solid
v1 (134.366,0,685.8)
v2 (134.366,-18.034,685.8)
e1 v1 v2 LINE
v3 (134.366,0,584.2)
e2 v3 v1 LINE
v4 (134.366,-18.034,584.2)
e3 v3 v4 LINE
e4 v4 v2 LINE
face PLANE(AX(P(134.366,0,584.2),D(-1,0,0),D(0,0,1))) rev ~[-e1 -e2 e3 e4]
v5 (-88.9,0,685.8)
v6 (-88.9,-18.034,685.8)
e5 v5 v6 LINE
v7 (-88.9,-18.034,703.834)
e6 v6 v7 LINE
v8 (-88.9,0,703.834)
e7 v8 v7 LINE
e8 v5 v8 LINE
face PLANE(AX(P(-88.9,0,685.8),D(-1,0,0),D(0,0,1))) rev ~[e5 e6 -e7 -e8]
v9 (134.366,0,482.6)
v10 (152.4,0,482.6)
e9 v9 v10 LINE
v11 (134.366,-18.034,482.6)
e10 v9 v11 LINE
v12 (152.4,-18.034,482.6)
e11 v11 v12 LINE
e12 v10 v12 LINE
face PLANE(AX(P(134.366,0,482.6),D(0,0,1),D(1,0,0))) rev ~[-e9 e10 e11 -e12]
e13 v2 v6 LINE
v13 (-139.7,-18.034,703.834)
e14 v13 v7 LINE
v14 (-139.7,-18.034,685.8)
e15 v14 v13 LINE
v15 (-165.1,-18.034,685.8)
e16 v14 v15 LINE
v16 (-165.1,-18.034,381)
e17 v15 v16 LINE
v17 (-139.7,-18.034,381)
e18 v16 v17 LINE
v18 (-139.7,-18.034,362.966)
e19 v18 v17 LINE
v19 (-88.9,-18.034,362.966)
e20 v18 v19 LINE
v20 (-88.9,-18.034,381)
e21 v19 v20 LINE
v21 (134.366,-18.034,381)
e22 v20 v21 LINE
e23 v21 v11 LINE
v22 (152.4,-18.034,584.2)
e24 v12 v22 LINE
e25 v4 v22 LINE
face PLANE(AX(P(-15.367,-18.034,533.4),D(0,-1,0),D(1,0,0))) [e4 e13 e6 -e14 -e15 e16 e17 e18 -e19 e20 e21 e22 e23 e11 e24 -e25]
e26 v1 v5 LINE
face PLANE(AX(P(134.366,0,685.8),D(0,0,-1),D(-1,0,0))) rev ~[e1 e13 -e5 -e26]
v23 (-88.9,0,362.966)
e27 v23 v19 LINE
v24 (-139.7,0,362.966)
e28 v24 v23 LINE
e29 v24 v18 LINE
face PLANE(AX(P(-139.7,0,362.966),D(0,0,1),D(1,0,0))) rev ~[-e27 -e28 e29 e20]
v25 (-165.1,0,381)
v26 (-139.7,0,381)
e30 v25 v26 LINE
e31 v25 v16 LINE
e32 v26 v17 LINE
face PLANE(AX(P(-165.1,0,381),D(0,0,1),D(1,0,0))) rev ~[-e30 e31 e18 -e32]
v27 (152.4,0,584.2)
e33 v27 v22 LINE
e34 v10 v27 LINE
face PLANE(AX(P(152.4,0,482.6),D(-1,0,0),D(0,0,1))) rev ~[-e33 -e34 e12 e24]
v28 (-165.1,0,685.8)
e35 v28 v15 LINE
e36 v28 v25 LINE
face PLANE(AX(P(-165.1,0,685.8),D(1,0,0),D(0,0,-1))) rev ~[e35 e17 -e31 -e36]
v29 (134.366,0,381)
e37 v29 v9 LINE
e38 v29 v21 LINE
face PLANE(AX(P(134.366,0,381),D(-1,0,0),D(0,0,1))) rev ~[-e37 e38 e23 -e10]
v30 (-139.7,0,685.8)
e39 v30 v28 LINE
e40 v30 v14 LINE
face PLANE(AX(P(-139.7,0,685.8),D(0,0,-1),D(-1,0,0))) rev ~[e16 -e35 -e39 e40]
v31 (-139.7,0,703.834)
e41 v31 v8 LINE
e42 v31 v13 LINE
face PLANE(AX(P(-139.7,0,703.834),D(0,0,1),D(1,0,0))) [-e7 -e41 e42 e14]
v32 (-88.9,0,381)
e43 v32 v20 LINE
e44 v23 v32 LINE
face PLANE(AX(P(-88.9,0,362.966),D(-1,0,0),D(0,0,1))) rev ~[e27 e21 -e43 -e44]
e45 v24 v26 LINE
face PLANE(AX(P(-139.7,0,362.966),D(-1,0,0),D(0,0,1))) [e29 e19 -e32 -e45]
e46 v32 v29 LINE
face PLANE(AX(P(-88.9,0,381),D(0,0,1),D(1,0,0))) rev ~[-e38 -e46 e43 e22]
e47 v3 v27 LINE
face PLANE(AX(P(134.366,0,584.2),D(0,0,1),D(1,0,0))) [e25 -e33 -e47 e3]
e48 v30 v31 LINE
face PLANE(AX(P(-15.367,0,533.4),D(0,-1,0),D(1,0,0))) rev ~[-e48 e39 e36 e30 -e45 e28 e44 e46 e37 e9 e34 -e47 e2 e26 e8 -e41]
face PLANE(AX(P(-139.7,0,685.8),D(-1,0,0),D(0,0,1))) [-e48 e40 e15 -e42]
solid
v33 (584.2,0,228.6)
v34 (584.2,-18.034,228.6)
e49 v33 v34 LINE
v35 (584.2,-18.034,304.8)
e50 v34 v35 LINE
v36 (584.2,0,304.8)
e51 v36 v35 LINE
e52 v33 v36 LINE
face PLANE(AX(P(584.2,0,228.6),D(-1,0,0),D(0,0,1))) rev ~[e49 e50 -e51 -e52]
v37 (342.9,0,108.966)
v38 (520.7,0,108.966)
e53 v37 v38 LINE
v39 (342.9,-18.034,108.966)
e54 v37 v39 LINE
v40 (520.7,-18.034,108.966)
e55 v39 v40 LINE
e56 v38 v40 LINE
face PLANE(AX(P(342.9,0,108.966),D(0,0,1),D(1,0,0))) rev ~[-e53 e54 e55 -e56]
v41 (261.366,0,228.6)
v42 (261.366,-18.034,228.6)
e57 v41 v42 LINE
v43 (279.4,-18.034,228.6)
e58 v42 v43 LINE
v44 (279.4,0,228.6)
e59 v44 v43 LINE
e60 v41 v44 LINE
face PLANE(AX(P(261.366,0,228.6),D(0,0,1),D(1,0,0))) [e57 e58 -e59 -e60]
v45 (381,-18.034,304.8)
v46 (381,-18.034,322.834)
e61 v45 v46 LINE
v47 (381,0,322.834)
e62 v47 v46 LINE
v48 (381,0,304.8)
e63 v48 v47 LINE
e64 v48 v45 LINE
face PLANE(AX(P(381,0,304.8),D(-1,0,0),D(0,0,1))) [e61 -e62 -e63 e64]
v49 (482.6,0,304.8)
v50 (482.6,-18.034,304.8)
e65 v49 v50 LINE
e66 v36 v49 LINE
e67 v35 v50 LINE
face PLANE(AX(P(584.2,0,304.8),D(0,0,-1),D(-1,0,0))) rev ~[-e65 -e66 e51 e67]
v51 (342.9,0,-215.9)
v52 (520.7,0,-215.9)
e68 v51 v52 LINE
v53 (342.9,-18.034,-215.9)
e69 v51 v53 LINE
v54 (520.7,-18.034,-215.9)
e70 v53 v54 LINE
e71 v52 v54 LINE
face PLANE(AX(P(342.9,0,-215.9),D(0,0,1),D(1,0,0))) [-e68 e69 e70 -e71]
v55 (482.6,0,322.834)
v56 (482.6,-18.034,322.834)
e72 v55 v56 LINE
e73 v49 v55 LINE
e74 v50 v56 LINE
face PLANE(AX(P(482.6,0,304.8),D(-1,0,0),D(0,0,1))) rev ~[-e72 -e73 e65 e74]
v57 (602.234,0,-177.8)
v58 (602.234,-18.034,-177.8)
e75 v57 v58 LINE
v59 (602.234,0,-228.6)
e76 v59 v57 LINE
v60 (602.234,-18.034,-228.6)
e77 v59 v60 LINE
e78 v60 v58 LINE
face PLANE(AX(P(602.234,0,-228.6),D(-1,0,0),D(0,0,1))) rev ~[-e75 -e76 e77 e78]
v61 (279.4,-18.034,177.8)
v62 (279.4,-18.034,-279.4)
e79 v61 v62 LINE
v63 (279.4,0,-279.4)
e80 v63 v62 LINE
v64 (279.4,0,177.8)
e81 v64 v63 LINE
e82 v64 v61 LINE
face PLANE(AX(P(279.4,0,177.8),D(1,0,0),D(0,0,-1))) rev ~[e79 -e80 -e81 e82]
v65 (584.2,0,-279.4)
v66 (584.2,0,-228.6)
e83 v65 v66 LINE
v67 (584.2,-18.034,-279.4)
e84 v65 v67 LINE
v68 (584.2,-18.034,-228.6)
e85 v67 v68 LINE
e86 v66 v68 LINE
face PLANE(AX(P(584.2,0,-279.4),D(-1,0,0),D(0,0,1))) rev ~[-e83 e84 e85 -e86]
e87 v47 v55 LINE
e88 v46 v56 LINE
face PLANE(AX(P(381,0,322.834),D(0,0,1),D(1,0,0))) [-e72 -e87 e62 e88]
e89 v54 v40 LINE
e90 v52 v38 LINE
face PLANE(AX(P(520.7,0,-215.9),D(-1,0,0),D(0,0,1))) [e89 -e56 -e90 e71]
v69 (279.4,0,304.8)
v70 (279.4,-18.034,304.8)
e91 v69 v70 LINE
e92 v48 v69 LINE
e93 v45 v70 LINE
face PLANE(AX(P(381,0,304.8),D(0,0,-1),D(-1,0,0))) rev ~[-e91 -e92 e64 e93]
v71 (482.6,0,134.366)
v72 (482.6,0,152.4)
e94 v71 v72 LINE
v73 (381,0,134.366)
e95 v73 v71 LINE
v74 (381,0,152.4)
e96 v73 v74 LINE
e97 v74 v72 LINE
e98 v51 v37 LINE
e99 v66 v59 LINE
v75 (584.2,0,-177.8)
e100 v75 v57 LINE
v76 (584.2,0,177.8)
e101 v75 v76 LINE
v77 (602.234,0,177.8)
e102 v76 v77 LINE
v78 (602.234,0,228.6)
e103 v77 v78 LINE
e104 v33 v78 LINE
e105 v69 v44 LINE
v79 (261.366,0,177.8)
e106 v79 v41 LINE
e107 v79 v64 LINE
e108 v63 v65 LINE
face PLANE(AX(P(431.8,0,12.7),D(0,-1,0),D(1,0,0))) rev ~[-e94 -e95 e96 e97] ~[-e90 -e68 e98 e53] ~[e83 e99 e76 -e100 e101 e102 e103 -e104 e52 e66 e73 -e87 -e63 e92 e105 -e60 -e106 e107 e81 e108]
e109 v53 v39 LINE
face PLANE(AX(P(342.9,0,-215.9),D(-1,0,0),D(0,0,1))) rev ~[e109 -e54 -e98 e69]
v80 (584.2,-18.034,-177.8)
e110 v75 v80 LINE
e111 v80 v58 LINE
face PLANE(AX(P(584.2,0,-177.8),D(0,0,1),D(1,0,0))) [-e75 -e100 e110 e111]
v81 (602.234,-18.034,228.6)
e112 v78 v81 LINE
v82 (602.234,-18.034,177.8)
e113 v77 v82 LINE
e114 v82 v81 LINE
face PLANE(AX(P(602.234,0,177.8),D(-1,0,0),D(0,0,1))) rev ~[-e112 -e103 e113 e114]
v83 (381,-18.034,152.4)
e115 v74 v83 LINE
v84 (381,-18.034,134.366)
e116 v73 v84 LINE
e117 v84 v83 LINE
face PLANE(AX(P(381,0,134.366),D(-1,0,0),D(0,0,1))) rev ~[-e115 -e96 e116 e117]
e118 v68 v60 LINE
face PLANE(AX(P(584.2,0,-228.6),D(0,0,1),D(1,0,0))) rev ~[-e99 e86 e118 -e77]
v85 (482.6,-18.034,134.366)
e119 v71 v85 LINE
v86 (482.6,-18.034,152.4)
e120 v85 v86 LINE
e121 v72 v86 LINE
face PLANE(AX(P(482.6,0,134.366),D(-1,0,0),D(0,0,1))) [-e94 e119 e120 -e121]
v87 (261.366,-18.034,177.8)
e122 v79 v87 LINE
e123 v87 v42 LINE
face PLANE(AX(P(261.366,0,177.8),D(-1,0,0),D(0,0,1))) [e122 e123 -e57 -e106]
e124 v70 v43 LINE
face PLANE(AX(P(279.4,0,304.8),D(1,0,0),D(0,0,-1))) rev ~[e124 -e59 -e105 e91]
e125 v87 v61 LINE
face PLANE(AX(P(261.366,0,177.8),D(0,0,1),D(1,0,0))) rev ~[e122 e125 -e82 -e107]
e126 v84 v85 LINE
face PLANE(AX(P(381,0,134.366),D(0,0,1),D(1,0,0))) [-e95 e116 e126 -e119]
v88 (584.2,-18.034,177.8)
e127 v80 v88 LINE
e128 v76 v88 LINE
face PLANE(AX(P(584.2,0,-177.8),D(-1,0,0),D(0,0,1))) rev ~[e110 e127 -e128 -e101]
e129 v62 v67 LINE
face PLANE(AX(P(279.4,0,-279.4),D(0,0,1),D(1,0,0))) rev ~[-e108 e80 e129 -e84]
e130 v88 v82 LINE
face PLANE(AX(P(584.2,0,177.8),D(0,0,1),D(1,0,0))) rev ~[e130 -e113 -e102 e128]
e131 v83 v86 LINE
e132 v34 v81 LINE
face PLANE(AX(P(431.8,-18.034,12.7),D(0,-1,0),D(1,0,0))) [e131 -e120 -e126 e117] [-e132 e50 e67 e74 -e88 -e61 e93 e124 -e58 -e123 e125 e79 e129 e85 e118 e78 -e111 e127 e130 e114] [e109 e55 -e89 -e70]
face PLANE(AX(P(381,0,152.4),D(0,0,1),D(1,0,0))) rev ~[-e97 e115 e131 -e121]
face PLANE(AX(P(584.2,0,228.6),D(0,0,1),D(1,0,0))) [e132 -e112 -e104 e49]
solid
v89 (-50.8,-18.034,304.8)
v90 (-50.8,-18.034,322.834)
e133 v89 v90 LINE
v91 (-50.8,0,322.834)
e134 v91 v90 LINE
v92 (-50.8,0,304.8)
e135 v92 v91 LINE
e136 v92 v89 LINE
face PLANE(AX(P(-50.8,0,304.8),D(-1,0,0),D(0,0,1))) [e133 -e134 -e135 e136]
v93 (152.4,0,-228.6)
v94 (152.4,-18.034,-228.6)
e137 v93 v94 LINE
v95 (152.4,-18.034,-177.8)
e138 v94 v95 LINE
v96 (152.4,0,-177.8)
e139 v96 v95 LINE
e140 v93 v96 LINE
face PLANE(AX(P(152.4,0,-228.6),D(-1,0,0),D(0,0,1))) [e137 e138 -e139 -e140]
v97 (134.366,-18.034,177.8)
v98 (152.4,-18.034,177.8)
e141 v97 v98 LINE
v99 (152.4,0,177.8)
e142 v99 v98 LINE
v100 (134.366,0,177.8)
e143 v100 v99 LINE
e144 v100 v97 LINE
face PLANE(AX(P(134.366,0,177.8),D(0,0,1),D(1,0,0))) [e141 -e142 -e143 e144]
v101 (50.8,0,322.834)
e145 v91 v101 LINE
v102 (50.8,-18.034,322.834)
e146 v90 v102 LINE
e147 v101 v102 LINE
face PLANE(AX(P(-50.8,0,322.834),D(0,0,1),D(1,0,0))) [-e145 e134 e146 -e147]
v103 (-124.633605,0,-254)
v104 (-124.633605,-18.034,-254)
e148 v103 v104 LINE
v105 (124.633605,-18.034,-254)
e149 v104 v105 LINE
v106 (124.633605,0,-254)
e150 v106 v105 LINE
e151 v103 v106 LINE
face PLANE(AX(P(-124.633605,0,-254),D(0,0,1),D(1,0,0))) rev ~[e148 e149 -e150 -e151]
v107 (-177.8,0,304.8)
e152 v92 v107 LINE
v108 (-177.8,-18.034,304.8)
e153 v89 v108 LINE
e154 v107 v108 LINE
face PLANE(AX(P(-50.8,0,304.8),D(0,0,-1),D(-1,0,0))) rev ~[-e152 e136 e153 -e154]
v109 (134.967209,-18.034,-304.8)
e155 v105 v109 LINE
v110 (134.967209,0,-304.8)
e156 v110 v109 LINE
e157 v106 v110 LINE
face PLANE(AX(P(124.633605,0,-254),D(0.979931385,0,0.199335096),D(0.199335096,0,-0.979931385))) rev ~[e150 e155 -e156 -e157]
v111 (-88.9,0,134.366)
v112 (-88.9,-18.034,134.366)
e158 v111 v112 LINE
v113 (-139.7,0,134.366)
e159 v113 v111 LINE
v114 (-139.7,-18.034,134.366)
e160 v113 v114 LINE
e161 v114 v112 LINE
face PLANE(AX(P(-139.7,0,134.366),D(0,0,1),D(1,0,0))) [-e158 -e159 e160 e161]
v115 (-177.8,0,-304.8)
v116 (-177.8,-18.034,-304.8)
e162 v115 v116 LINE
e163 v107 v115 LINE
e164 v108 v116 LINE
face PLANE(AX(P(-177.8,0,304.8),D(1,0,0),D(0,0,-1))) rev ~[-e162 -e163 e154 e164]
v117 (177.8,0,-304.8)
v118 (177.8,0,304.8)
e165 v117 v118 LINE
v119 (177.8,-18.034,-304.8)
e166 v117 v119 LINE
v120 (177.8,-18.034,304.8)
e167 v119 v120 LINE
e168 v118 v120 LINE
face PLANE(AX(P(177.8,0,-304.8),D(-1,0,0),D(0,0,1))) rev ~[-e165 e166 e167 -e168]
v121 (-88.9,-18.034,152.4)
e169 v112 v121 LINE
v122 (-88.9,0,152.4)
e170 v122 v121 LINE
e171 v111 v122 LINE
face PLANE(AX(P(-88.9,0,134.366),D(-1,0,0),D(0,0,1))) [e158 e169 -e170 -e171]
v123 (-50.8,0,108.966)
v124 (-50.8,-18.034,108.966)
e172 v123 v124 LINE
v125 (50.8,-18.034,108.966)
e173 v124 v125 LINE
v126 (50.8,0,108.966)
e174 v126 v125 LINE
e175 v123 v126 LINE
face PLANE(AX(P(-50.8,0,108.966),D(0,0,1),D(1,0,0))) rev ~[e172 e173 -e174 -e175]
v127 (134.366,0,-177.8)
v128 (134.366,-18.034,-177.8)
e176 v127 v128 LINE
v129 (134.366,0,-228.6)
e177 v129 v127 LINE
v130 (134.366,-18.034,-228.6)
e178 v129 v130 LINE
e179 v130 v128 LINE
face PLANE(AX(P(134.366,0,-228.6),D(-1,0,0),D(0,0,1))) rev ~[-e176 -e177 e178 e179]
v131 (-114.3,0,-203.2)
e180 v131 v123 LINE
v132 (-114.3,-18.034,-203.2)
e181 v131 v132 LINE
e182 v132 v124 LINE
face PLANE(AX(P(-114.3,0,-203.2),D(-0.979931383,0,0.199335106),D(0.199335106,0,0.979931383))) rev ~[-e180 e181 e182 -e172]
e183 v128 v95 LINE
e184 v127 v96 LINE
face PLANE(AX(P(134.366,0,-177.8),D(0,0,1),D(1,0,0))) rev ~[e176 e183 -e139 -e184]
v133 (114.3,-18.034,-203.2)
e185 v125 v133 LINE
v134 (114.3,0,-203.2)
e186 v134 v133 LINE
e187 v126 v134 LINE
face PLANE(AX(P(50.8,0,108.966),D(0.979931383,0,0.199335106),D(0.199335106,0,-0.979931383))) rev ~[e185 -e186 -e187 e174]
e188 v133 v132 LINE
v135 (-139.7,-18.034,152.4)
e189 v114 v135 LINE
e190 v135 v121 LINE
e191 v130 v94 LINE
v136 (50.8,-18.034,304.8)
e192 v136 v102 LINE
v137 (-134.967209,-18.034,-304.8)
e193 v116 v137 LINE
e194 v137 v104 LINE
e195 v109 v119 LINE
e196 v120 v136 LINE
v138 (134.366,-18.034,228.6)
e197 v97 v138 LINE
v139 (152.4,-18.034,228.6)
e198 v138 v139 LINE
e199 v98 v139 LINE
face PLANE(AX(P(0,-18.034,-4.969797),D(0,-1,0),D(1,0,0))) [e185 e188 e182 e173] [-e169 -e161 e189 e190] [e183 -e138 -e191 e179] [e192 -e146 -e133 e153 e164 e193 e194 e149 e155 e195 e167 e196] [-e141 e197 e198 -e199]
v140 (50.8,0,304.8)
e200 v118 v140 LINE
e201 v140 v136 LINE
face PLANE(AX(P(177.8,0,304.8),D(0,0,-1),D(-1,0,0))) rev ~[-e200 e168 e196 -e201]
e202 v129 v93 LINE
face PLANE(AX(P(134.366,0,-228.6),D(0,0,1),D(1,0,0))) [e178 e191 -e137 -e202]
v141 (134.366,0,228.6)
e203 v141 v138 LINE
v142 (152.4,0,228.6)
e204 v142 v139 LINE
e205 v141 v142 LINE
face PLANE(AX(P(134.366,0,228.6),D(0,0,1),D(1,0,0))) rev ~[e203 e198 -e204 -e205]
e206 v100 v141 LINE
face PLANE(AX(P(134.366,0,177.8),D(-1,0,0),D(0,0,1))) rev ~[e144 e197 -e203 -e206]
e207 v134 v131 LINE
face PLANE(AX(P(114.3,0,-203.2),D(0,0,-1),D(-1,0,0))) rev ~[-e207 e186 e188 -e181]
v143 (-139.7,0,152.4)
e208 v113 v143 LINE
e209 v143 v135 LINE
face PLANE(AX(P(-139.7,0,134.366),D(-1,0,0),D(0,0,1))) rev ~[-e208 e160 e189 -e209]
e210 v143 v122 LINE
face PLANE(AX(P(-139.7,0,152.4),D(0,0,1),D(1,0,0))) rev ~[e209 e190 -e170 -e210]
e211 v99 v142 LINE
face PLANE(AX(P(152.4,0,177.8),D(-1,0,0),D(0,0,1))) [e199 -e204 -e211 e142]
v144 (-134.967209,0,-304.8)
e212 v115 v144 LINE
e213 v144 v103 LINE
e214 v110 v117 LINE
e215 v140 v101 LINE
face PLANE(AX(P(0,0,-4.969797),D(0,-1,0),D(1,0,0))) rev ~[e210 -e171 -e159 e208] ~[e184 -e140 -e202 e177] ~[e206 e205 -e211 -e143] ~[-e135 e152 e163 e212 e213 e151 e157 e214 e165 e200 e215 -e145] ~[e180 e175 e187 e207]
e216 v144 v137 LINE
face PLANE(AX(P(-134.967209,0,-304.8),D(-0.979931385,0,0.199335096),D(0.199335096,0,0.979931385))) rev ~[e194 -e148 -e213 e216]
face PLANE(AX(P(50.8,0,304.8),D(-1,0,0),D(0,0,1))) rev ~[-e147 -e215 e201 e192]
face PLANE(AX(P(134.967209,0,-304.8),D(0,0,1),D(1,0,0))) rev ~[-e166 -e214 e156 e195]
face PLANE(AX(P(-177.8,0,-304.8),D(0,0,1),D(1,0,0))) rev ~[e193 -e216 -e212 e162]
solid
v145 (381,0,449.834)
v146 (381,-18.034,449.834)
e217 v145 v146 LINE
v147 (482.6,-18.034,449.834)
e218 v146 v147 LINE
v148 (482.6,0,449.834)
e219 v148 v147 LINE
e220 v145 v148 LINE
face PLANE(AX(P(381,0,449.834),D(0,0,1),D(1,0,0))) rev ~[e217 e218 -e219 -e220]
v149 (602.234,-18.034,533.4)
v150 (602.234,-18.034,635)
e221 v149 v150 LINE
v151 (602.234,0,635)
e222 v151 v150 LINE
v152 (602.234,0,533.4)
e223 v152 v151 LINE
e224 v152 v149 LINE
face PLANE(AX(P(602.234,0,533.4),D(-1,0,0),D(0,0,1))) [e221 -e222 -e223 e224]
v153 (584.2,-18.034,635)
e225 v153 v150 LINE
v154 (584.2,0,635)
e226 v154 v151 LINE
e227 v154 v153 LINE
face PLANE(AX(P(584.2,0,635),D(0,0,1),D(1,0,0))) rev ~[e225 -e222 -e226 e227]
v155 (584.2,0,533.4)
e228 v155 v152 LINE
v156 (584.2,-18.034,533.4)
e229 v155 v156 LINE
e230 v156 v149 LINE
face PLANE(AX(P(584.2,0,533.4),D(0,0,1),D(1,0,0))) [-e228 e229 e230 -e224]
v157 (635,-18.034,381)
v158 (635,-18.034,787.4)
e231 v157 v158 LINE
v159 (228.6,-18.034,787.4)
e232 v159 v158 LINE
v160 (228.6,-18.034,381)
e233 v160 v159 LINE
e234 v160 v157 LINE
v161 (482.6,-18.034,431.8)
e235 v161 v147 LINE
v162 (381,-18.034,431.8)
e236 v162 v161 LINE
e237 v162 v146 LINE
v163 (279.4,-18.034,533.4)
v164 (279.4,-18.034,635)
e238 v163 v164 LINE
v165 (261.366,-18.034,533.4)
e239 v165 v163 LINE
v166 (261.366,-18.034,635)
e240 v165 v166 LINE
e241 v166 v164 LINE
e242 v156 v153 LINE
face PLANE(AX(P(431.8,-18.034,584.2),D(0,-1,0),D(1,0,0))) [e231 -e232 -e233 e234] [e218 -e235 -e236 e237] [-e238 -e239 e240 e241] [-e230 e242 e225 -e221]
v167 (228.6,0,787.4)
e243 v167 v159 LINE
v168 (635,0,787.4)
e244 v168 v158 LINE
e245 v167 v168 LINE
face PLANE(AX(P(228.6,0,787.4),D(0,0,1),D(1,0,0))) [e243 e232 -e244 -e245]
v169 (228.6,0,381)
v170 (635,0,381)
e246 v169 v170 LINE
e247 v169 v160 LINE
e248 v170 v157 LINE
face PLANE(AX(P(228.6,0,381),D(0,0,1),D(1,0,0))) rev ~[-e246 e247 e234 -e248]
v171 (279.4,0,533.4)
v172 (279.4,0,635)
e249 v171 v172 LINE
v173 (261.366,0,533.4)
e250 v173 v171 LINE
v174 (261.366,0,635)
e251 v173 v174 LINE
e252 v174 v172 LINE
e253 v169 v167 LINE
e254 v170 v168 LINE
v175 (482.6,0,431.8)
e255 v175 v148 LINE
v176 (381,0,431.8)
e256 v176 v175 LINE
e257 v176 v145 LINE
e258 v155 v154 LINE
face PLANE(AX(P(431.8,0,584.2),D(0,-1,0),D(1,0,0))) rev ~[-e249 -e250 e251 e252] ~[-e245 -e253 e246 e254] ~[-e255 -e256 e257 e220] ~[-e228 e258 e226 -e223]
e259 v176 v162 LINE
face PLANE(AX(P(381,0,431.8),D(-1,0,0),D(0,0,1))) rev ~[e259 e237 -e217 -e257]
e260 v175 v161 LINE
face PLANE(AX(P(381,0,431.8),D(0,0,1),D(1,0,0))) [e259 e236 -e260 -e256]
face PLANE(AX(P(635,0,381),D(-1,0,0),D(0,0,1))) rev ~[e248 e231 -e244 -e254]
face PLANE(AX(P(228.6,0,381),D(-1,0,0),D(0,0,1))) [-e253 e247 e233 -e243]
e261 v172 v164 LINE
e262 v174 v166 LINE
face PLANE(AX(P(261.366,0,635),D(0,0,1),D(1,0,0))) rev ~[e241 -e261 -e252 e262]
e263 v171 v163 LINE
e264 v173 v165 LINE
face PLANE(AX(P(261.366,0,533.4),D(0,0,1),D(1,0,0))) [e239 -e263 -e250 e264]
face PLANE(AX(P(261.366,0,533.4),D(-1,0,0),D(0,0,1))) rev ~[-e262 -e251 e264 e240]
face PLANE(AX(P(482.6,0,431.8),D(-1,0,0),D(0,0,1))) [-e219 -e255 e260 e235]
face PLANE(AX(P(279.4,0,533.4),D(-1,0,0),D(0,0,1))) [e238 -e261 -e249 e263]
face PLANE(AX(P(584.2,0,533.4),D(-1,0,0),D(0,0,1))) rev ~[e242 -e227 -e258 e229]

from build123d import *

# Parameters (mm, degrees)
F0_W     = 50.8
F0_H     = 18.034
F0_W_2   = 18.034
F0_H_2   = 101.6
F0_W_3   = 406.4
F0_H_3   = 406.4
F0_W_4   = 101.6
F0_W_5   = 177.8
F0_H_4   = 324.866
F0_H_5   = 50.8
F1_DEPTH = 18.034


with BuildPart() as f1:
    # F0 (on Front) → F1 (new body)
    with BuildSketch(Plane.XZ):
        Polygon((-88.9, 381), (134.366, 381), (134.366, 482.6), (134.366, 584.2), (134.366, 685.8), (-88.9, 685.8), (-139.7, 685.8), (-165.1, 685.8), (-165.1, 381), (-139.7, 381), align=None)
        with Locations((-114.3, 694.817)):
            Rectangle(F0_W, F0_H)
        with Locations((-114.3, 371.983)):
            Rectangle(F0_W, F0_H)
        with Locations((143.383, 533.4)):
            Rectangle(F0_W_2, F0_H_2)
        with Locations((431.8, 584.2)):
            Rectangle(F0_W_3, F0_H_3)
        with Locations((431.8, 440.817)):
            Rectangle(F0_W_4, F0_H, mode=Mode.SUBTRACT)
        with Locations((270.383, 584.2)):
            Rectangle(F0_W_2, F0_H_2, mode=Mode.SUBTRACT)
        with Locations((593.217, 584.2)):
            Rectangle(F0_W_2, F0_H_2, mode=Mode.SUBTRACT)
        Polygon((381, 304.8), (279.4, 304.8), (279.4, 228.6), (279.4, 177.8), (279.4, -177.8), (279.4, -228.6), (279.4, -279.4), (584.2, -279.4), (584.2, -228.6), (584.2, -177.8), (584.2, 177.8), (584.2, 228.6), (584.2, 304.8), (482.6, 304.8), align=None)
        with Locations((431.8, -53.467)):
            Rectangle(F0_W_5, F0_H_4, mode=Mode.SUBTRACT)
        with Locations((431.8, 143.383)):
            Rectangle(F0_W_4, F0_H, mode=Mode.SUBTRACT)
        with Locations((270.383, 203.2)):
            Rectangle(F0_W_2, F0_H_5)
        with Locations((431.8, 313.817)):
            Rectangle(F0_W_4, F0_H)
        with Locations((593.217, 203.2)):
            Rectangle(F0_W_2, F0_H_5)
        with Locations((593.217, -203.2)):
            Rectangle(F0_W_2, F0_H_5)
        Polygon((-50.8, 304.8), (-177.8, 304.8), (-177.8, -304.8), (-134.967209, -304.8), (-124.633605, -254), (-114.3, -254), (114.3, -254), (124.633605, -254), (134.967209, -304.8), (177.8, -304.8), (177.8, 304.8), (50.8, 304.8), align=None)
        Polygon((-114.3, -203.2), (-50.8, 108.966), (50.8, 108.966), (114.3, -203.2), align=None, mode=Mode.SUBTRACT)
        with Locations((143.383, -203.2)):
            Rectangle(F0_W_2, F0_H_5, mode=Mode.SUBTRACT)
        with Locations((-114.3, 143.383)):
            Rectangle(F0_W, F0_H, mode=Mode.SUBTRACT)
        with Locations((143.383, 203.2)):
            Rectangle(F0_W_2, F0_H_5, mode=Mode.SUBTRACT)
        with Locations((0, 313.817)):
            Rectangle(F0_W_4, F0_H)
    extrude(amount=F1_DEPTH)


solid = f1.part
